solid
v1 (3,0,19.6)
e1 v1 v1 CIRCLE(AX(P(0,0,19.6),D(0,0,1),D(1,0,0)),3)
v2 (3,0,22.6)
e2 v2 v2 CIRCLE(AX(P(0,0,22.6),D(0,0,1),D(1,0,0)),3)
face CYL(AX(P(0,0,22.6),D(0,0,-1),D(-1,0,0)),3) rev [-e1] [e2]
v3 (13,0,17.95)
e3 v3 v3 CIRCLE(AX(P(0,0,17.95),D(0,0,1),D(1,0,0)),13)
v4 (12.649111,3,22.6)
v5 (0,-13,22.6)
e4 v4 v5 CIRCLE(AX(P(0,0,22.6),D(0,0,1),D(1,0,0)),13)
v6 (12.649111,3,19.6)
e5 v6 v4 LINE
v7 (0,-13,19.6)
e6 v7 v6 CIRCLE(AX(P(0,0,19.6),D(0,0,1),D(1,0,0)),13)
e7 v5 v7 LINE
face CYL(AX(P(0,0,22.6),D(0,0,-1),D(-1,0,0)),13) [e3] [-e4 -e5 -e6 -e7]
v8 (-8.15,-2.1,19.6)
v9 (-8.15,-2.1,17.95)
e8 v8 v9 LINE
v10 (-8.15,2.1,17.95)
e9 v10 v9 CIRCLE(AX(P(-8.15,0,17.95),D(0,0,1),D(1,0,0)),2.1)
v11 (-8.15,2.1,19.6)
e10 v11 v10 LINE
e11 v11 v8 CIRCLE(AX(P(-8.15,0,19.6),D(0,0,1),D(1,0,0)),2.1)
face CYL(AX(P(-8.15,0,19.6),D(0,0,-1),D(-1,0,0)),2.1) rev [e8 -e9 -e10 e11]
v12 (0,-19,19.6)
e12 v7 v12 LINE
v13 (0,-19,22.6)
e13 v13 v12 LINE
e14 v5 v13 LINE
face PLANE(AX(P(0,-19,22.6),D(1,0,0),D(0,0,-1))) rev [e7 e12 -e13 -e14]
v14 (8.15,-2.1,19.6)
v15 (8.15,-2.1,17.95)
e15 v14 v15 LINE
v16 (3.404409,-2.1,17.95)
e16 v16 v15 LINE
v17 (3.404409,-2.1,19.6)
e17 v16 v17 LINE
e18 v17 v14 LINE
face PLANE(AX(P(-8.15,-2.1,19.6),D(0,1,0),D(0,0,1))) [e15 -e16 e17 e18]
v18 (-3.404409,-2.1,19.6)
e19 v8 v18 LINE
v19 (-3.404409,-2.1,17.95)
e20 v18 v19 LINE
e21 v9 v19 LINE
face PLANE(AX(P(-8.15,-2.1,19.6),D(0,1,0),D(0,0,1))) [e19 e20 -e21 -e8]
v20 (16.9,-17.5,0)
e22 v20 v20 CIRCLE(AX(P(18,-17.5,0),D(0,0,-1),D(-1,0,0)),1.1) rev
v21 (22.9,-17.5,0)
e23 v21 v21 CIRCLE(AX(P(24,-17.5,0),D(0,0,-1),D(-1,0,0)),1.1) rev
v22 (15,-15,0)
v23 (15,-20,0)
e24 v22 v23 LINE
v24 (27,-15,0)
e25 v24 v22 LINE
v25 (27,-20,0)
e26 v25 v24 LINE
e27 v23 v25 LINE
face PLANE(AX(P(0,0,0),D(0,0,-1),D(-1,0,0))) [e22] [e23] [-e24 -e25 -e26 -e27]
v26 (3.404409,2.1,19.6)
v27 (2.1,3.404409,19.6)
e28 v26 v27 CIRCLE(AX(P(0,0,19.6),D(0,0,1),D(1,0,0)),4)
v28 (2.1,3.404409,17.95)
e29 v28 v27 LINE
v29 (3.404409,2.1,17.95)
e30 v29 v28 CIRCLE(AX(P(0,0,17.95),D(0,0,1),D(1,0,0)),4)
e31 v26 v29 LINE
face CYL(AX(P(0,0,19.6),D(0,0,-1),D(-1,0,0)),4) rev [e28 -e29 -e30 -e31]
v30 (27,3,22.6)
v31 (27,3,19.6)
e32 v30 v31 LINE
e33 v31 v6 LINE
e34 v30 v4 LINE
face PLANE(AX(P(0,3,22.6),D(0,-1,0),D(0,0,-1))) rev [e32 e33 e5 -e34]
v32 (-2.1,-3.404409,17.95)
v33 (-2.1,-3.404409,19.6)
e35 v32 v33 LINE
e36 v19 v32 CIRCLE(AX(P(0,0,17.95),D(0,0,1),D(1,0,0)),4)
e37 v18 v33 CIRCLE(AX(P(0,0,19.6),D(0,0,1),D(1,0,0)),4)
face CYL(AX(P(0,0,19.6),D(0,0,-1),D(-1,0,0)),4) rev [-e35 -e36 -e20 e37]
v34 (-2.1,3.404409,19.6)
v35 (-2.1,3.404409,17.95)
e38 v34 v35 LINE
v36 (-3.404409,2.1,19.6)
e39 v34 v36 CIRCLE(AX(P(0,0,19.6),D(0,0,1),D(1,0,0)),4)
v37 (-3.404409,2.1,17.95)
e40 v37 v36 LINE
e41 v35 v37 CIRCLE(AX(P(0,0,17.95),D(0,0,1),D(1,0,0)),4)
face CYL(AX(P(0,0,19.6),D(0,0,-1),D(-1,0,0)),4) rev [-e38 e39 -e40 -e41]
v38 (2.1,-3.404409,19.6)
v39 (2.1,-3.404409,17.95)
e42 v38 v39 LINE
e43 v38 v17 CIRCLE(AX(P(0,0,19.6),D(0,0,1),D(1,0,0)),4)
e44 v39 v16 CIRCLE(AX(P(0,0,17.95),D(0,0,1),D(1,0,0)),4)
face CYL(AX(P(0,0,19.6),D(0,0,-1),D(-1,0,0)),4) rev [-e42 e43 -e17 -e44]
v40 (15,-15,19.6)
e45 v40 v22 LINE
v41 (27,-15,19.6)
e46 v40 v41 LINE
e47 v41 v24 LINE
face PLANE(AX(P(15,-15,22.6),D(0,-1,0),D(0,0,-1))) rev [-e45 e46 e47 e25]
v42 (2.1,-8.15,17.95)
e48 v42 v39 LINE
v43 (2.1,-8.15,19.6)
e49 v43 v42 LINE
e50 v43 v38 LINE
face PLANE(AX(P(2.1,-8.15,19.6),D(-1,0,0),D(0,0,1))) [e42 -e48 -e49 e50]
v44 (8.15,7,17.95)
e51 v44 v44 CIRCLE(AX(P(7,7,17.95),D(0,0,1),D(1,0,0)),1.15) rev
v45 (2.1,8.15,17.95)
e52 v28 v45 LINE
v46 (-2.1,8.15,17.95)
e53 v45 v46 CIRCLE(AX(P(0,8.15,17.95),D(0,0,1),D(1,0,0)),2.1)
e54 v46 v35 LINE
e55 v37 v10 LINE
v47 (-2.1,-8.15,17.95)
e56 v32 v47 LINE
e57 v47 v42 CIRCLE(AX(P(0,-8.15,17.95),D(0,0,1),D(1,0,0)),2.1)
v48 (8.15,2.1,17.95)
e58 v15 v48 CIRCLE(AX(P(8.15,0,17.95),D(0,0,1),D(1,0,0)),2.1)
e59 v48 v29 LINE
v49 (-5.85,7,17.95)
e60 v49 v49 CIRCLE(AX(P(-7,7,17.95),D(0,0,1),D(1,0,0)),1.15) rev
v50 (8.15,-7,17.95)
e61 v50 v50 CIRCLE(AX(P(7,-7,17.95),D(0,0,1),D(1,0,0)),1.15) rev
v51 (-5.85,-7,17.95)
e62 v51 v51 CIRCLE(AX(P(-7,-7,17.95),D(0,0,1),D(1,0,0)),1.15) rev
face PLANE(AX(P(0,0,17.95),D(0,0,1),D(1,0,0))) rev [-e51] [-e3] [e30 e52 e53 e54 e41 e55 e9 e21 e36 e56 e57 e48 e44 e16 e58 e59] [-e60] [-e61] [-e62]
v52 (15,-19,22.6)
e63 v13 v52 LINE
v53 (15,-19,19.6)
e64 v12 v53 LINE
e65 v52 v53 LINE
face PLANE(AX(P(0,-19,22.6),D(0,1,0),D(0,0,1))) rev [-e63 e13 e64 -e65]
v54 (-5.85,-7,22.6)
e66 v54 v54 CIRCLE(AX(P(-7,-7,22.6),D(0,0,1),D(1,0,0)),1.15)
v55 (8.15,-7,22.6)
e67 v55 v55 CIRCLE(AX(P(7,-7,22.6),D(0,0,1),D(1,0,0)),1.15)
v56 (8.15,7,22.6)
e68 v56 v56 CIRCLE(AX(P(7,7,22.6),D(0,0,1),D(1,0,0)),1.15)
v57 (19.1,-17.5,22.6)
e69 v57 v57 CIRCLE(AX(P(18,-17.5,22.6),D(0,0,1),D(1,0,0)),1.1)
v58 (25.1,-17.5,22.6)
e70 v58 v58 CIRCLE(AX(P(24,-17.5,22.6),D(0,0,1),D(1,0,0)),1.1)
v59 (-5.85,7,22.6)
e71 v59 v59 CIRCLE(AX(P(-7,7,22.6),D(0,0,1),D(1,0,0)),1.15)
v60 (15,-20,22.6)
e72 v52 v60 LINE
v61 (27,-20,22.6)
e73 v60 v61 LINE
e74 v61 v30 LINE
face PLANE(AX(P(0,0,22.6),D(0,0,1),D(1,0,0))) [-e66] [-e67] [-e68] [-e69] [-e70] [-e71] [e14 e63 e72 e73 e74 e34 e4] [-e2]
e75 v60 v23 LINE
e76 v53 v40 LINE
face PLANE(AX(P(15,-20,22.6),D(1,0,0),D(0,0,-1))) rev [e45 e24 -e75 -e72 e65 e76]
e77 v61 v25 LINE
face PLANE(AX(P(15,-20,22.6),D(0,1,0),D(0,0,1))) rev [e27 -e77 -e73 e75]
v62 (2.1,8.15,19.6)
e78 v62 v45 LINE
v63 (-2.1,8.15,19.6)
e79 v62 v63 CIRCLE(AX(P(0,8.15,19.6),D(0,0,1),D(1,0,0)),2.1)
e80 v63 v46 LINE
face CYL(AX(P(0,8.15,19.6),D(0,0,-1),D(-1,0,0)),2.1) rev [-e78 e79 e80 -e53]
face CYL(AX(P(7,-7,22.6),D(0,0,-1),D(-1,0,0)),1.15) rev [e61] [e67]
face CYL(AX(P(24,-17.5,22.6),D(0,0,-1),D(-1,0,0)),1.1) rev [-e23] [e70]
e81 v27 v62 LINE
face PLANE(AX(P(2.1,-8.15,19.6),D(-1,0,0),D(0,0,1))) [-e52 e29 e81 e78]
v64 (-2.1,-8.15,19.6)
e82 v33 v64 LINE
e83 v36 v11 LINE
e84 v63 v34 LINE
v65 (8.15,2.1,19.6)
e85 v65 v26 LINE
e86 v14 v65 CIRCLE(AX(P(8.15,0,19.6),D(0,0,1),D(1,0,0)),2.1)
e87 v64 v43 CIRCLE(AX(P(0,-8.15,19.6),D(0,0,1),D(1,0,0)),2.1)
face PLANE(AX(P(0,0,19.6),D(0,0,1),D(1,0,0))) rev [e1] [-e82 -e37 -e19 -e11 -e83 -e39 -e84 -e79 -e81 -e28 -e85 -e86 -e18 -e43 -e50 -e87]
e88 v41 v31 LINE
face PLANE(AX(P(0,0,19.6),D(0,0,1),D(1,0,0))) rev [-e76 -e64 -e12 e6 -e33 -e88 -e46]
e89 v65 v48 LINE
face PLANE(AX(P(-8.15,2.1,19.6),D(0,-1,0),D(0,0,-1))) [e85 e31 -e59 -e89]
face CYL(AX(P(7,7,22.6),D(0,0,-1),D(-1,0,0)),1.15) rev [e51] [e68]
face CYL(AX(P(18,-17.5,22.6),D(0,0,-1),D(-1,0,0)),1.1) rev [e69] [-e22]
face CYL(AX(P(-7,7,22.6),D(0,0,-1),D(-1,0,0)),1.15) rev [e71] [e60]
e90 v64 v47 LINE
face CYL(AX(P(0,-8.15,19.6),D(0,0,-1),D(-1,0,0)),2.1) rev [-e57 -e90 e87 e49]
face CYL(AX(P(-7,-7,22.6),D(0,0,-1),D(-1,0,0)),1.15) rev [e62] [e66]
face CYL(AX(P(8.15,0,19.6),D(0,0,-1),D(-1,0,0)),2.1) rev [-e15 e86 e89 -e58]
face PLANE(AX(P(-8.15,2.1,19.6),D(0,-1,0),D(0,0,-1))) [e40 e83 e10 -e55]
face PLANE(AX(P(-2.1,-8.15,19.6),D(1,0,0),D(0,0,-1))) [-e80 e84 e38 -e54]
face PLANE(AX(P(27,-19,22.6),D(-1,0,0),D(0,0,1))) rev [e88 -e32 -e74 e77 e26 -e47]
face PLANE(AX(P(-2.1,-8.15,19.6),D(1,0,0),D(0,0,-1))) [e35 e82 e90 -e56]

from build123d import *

# Parameters (mm, degrees)
STOCK_HORN_ATTACHMENT_START          = 19.6
STOCK_HORN_ATTACHMENT_PROFILE_R      = 13
STOCK_HORN_ATTACHMENT_DEPTH          = 3
FINGER_ARM_START                     = 19.6
FINGER_ARM_PROFILE_W                 = 27
FINGER_ARM_PROFILE_H                 = 22
FINGER_ARM_DEPTH                     = 3
DESCENDING_CONTACT_FINGER_PROFILE_W  = 12
DESCENDING_CONTACT_FINGER_PROFILE_H  = 5
DESCENDING_CONTACT_FINGER_DEPTH      = 22.6
HORN_CENTER_ACCESS_START             = -50
HORN_CENTER_ACCESS_PROFILE_R         = 3
HORN_CENTER_ACCESS_DEPTH             = 91.493950165
CAPTURED_HORN_KEY_BOSS_START         = 17.95
CAPTURED_HORN_KEY_BOSS_PROFILE_R     = 13
CAPTURED_HORN_KEY_BOSS_DEPTH         = 1.65
KEY_POCKET_HUB_START                 = 17.95
STOCK_HORN_POCKET_HUB_R              = 3.55
KEY_POCKET_HUB_DEPTH                 = 1.65
KEY_POCKET_HORIZONTAL_START          = 17.95
STOCK_HORN_POCKET_HORIZONTAL_W       = 16.3
STOCK_HORN_POCKET_HORIZONTAL_H       = 4.2
KEY_POCKET_HORIZONTAL_DEPTH          = 1.65
KEY_POCKET_VERTICAL_START            = 17.95
STOCK_HORN_POCKET_VERTICAL_W         = 4.2
STOCK_HORN_POCKET_VERTICAL_H         = 16.3
KEY_POCKET_VERTICAL_DEPTH            = 1.65
KEY_POCKET_ROUNDED_TIPS_START        = 17.95
STOCK_HORN_POCKET_ROUNDED_TIPS_R     = 2.1
KEY_POCKET_ROUNDED_TIPS_DEPTH        = 1.65
UNMODIFIED_HORN_CAPTURE_M2_START     = -50
UNMODIFIED_HORN_CAPTURE_M2_PROFILE_R = 1.15
UNMODIFIED_HORN_CAPTURE_M2_DEPTH     = 91.493950165
HUB_CLEARANCE_IN_KEY_BOSS_ONLY_START = 17.95
HORN_CENTER_HUB_CLEARANCE_R          = 4
HUB_CLEARANCE_IN_KEY_BOSS_ONLY_DEPTH = 1.65
CONTACT_PAD_KEEPER_START             = -50
CONTACT_PAD_KEEPER_PROFILE_R         = 1.1
CONTACT_PAD_KEEPER_DEPTH             = 91.493950165


with BuildPart() as part:
    # Stock_horn_attachment_profile → Stock_horn_attachment (new body)
    with BuildSketch(Plane.XY.offset(STOCK_HORN_ATTACHMENT_START)):
        Circle(STOCK_HORN_ATTACHMENT_PROFILE_R)
    extrude(amount=STOCK_HORN_ATTACHMENT_DEPTH)

    # Finger_arm_profile → Finger_arm (add)
    with BuildSketch(Plane.XY.offset(FINGER_ARM_START)):
        with Locations((13.5, -8)):
            Rectangle(FINGER_ARM_PROFILE_W, FINGER_ARM_PROFILE_H)
    extrude(amount=FINGER_ARM_DEPTH)

    # Descending_contact_finger_profile → Descending_contact_finger (add)
    with BuildSketch(Plane.XY):
        with Locations((21, -17.5)):
            Rectangle(DESCENDING_CONTACT_FINGER_PROFILE_W, DESCENDING_CONTACT_FINGER_PROFILE_H)
    extrude(amount=DESCENDING_CONTACT_FINGER_DEPTH)

    # Horn_center_access_profile → Horn_center_access (cut, through all)
    with BuildSketch(Plane.XY.offset(HORN_CENTER_ACCESS_START)):
        Circle(HORN_CENTER_ACCESS_PROFILE_R)
    extrude(amount=HORN_CENTER_ACCESS_DEPTH, mode=Mode.SUBTRACT)

    # Captured_horn_key_boss_profile → Captured_horn_key_boss (add)
    with BuildSketch(Plane.XY.offset(CAPTURED_HORN_KEY_BOSS_START)):
        with Locations(Location((0, 0, 0), (0, 0, 270))):
            Circle(CAPTURED_HORN_KEY_BOSS_PROFILE_R)
    extrude(amount=CAPTURED_HORN_KEY_BOSS_DEPTH)

    # Stock_horn_pocket_Hub → Key_pocket_Hub (cut)
    with BuildSketch(Plane.XY.offset(KEY_POCKET_HUB_START)):
        Circle(STOCK_HORN_POCKET_HUB_R)
    extrude(amount=KEY_POCKET_HUB_DEPTH, mode=Mode.SUBTRACT)

    # Stock_horn_pocket_Horizontal → Key_pocket_Horizontal (cut)
    with BuildSketch(Plane.XY.offset(KEY_POCKET_HORIZONTAL_START)):
        Rectangle(STOCK_HORN_POCKET_HORIZONTAL_W, STOCK_HORN_POCKET_HORIZONTAL_H)
    extrude(amount=KEY_POCKET_HORIZONTAL_DEPTH, mode=Mode.SUBTRACT)

    # Stock_horn_pocket_Vertical → Key_pocket_Vertical (cut)
    with BuildSketch(Plane.XY.offset(KEY_POCKET_VERTICAL_START)):
        Rectangle(STOCK_HORN_POCKET_VERTICAL_W, STOCK_HORN_POCKET_VERTICAL_H)
    extrude(amount=KEY_POCKET_VERTICAL_DEPTH, mode=Mode.SUBTRACT)

    # Stock_horn_pocket_Rounded_tips → Key_pocket_Rounded_tips (cut)
    with BuildSketch(Plane.XY.offset(KEY_POCKET_ROUNDED_TIPS_START)):
        with Locations((8.15, 0)):
            Circle(STOCK_HORN_POCKET_ROUNDED_TIPS_R)
        with Locations((-8.15, 0)):
            Circle(STOCK_HORN_POCKET_ROUNDED_TIPS_R)
        with Locations((0, 8.15)):
            Circle(STOCK_HORN_POCKET_ROUNDED_TIPS_R)
        with Locations((0, -8.15)):
            Circle(STOCK_HORN_POCKET_ROUNDED_TIPS_R)
    extrude(amount=KEY_POCKET_ROUNDED_TIPS_DEPTH, mode=Mode.SUBTRACT)

    # Unmodified_horn_capture_M2_profile → Unmodified_horn_capture_M2 (cut, through all)
    with BuildSketch(Plane.XY.offset(UNMODIFIED_HORN_CAPTURE_M2_START)):
        with Locations((7, 7)):
            Circle(UNMODIFIED_HORN_CAPTURE_M2_PROFILE_R)
        with Locations((-7, 7)):
            Circle(UNMODIFIED_HORN_CAPTURE_M2_PROFILE_R)
        with Locations((-7, -7)):
            Circle(UNMODIFIED_HORN_CAPTURE_M2_PROFILE_R)
        with Locations((7, -7)):
            Circle(UNMODIFIED_HORN_CAPTURE_M2_PROFILE_R)
    extrude(amount=UNMODIFIED_HORN_CAPTURE_M2_DEPTH, mode=Mode.SUBTRACT)

    # Horn_center_hub_clearance → Hub_clearance_in_key_boss_only (cut)
    with BuildSketch(Plane.XY.offset(HUB_CLEARANCE_IN_KEY_BOSS_ONLY_START)):
        Circle(HORN_CENTER_HUB_CLEARANCE_R)
    extrude(amount=HUB_CLEARANCE_IN_KEY_BOSS_ONLY_DEPTH, mode=Mode.SUBTRACT)

    # Contact_pad_keeper_profile → Contact_pad_keeper (cut, through all)
    with BuildSketch(Plane.XY.offset(CONTACT_PAD_KEEPER_START)):
        with Locations(Location((18, -17.5, 0), (0, 0, 180))):
            Circle(CONTACT_PAD_KEEPER_PROFILE_R)
        with Locations(Location((24, -17.5, 0), (0, 0, 180))):
            Circle(CONTACT_PAD_KEEPER_PROFILE_R)
    extrude(amount=CONTACT_PAD_KEEPER_DEPTH, mode=Mode.SUBTRACT)


solid = part.part
